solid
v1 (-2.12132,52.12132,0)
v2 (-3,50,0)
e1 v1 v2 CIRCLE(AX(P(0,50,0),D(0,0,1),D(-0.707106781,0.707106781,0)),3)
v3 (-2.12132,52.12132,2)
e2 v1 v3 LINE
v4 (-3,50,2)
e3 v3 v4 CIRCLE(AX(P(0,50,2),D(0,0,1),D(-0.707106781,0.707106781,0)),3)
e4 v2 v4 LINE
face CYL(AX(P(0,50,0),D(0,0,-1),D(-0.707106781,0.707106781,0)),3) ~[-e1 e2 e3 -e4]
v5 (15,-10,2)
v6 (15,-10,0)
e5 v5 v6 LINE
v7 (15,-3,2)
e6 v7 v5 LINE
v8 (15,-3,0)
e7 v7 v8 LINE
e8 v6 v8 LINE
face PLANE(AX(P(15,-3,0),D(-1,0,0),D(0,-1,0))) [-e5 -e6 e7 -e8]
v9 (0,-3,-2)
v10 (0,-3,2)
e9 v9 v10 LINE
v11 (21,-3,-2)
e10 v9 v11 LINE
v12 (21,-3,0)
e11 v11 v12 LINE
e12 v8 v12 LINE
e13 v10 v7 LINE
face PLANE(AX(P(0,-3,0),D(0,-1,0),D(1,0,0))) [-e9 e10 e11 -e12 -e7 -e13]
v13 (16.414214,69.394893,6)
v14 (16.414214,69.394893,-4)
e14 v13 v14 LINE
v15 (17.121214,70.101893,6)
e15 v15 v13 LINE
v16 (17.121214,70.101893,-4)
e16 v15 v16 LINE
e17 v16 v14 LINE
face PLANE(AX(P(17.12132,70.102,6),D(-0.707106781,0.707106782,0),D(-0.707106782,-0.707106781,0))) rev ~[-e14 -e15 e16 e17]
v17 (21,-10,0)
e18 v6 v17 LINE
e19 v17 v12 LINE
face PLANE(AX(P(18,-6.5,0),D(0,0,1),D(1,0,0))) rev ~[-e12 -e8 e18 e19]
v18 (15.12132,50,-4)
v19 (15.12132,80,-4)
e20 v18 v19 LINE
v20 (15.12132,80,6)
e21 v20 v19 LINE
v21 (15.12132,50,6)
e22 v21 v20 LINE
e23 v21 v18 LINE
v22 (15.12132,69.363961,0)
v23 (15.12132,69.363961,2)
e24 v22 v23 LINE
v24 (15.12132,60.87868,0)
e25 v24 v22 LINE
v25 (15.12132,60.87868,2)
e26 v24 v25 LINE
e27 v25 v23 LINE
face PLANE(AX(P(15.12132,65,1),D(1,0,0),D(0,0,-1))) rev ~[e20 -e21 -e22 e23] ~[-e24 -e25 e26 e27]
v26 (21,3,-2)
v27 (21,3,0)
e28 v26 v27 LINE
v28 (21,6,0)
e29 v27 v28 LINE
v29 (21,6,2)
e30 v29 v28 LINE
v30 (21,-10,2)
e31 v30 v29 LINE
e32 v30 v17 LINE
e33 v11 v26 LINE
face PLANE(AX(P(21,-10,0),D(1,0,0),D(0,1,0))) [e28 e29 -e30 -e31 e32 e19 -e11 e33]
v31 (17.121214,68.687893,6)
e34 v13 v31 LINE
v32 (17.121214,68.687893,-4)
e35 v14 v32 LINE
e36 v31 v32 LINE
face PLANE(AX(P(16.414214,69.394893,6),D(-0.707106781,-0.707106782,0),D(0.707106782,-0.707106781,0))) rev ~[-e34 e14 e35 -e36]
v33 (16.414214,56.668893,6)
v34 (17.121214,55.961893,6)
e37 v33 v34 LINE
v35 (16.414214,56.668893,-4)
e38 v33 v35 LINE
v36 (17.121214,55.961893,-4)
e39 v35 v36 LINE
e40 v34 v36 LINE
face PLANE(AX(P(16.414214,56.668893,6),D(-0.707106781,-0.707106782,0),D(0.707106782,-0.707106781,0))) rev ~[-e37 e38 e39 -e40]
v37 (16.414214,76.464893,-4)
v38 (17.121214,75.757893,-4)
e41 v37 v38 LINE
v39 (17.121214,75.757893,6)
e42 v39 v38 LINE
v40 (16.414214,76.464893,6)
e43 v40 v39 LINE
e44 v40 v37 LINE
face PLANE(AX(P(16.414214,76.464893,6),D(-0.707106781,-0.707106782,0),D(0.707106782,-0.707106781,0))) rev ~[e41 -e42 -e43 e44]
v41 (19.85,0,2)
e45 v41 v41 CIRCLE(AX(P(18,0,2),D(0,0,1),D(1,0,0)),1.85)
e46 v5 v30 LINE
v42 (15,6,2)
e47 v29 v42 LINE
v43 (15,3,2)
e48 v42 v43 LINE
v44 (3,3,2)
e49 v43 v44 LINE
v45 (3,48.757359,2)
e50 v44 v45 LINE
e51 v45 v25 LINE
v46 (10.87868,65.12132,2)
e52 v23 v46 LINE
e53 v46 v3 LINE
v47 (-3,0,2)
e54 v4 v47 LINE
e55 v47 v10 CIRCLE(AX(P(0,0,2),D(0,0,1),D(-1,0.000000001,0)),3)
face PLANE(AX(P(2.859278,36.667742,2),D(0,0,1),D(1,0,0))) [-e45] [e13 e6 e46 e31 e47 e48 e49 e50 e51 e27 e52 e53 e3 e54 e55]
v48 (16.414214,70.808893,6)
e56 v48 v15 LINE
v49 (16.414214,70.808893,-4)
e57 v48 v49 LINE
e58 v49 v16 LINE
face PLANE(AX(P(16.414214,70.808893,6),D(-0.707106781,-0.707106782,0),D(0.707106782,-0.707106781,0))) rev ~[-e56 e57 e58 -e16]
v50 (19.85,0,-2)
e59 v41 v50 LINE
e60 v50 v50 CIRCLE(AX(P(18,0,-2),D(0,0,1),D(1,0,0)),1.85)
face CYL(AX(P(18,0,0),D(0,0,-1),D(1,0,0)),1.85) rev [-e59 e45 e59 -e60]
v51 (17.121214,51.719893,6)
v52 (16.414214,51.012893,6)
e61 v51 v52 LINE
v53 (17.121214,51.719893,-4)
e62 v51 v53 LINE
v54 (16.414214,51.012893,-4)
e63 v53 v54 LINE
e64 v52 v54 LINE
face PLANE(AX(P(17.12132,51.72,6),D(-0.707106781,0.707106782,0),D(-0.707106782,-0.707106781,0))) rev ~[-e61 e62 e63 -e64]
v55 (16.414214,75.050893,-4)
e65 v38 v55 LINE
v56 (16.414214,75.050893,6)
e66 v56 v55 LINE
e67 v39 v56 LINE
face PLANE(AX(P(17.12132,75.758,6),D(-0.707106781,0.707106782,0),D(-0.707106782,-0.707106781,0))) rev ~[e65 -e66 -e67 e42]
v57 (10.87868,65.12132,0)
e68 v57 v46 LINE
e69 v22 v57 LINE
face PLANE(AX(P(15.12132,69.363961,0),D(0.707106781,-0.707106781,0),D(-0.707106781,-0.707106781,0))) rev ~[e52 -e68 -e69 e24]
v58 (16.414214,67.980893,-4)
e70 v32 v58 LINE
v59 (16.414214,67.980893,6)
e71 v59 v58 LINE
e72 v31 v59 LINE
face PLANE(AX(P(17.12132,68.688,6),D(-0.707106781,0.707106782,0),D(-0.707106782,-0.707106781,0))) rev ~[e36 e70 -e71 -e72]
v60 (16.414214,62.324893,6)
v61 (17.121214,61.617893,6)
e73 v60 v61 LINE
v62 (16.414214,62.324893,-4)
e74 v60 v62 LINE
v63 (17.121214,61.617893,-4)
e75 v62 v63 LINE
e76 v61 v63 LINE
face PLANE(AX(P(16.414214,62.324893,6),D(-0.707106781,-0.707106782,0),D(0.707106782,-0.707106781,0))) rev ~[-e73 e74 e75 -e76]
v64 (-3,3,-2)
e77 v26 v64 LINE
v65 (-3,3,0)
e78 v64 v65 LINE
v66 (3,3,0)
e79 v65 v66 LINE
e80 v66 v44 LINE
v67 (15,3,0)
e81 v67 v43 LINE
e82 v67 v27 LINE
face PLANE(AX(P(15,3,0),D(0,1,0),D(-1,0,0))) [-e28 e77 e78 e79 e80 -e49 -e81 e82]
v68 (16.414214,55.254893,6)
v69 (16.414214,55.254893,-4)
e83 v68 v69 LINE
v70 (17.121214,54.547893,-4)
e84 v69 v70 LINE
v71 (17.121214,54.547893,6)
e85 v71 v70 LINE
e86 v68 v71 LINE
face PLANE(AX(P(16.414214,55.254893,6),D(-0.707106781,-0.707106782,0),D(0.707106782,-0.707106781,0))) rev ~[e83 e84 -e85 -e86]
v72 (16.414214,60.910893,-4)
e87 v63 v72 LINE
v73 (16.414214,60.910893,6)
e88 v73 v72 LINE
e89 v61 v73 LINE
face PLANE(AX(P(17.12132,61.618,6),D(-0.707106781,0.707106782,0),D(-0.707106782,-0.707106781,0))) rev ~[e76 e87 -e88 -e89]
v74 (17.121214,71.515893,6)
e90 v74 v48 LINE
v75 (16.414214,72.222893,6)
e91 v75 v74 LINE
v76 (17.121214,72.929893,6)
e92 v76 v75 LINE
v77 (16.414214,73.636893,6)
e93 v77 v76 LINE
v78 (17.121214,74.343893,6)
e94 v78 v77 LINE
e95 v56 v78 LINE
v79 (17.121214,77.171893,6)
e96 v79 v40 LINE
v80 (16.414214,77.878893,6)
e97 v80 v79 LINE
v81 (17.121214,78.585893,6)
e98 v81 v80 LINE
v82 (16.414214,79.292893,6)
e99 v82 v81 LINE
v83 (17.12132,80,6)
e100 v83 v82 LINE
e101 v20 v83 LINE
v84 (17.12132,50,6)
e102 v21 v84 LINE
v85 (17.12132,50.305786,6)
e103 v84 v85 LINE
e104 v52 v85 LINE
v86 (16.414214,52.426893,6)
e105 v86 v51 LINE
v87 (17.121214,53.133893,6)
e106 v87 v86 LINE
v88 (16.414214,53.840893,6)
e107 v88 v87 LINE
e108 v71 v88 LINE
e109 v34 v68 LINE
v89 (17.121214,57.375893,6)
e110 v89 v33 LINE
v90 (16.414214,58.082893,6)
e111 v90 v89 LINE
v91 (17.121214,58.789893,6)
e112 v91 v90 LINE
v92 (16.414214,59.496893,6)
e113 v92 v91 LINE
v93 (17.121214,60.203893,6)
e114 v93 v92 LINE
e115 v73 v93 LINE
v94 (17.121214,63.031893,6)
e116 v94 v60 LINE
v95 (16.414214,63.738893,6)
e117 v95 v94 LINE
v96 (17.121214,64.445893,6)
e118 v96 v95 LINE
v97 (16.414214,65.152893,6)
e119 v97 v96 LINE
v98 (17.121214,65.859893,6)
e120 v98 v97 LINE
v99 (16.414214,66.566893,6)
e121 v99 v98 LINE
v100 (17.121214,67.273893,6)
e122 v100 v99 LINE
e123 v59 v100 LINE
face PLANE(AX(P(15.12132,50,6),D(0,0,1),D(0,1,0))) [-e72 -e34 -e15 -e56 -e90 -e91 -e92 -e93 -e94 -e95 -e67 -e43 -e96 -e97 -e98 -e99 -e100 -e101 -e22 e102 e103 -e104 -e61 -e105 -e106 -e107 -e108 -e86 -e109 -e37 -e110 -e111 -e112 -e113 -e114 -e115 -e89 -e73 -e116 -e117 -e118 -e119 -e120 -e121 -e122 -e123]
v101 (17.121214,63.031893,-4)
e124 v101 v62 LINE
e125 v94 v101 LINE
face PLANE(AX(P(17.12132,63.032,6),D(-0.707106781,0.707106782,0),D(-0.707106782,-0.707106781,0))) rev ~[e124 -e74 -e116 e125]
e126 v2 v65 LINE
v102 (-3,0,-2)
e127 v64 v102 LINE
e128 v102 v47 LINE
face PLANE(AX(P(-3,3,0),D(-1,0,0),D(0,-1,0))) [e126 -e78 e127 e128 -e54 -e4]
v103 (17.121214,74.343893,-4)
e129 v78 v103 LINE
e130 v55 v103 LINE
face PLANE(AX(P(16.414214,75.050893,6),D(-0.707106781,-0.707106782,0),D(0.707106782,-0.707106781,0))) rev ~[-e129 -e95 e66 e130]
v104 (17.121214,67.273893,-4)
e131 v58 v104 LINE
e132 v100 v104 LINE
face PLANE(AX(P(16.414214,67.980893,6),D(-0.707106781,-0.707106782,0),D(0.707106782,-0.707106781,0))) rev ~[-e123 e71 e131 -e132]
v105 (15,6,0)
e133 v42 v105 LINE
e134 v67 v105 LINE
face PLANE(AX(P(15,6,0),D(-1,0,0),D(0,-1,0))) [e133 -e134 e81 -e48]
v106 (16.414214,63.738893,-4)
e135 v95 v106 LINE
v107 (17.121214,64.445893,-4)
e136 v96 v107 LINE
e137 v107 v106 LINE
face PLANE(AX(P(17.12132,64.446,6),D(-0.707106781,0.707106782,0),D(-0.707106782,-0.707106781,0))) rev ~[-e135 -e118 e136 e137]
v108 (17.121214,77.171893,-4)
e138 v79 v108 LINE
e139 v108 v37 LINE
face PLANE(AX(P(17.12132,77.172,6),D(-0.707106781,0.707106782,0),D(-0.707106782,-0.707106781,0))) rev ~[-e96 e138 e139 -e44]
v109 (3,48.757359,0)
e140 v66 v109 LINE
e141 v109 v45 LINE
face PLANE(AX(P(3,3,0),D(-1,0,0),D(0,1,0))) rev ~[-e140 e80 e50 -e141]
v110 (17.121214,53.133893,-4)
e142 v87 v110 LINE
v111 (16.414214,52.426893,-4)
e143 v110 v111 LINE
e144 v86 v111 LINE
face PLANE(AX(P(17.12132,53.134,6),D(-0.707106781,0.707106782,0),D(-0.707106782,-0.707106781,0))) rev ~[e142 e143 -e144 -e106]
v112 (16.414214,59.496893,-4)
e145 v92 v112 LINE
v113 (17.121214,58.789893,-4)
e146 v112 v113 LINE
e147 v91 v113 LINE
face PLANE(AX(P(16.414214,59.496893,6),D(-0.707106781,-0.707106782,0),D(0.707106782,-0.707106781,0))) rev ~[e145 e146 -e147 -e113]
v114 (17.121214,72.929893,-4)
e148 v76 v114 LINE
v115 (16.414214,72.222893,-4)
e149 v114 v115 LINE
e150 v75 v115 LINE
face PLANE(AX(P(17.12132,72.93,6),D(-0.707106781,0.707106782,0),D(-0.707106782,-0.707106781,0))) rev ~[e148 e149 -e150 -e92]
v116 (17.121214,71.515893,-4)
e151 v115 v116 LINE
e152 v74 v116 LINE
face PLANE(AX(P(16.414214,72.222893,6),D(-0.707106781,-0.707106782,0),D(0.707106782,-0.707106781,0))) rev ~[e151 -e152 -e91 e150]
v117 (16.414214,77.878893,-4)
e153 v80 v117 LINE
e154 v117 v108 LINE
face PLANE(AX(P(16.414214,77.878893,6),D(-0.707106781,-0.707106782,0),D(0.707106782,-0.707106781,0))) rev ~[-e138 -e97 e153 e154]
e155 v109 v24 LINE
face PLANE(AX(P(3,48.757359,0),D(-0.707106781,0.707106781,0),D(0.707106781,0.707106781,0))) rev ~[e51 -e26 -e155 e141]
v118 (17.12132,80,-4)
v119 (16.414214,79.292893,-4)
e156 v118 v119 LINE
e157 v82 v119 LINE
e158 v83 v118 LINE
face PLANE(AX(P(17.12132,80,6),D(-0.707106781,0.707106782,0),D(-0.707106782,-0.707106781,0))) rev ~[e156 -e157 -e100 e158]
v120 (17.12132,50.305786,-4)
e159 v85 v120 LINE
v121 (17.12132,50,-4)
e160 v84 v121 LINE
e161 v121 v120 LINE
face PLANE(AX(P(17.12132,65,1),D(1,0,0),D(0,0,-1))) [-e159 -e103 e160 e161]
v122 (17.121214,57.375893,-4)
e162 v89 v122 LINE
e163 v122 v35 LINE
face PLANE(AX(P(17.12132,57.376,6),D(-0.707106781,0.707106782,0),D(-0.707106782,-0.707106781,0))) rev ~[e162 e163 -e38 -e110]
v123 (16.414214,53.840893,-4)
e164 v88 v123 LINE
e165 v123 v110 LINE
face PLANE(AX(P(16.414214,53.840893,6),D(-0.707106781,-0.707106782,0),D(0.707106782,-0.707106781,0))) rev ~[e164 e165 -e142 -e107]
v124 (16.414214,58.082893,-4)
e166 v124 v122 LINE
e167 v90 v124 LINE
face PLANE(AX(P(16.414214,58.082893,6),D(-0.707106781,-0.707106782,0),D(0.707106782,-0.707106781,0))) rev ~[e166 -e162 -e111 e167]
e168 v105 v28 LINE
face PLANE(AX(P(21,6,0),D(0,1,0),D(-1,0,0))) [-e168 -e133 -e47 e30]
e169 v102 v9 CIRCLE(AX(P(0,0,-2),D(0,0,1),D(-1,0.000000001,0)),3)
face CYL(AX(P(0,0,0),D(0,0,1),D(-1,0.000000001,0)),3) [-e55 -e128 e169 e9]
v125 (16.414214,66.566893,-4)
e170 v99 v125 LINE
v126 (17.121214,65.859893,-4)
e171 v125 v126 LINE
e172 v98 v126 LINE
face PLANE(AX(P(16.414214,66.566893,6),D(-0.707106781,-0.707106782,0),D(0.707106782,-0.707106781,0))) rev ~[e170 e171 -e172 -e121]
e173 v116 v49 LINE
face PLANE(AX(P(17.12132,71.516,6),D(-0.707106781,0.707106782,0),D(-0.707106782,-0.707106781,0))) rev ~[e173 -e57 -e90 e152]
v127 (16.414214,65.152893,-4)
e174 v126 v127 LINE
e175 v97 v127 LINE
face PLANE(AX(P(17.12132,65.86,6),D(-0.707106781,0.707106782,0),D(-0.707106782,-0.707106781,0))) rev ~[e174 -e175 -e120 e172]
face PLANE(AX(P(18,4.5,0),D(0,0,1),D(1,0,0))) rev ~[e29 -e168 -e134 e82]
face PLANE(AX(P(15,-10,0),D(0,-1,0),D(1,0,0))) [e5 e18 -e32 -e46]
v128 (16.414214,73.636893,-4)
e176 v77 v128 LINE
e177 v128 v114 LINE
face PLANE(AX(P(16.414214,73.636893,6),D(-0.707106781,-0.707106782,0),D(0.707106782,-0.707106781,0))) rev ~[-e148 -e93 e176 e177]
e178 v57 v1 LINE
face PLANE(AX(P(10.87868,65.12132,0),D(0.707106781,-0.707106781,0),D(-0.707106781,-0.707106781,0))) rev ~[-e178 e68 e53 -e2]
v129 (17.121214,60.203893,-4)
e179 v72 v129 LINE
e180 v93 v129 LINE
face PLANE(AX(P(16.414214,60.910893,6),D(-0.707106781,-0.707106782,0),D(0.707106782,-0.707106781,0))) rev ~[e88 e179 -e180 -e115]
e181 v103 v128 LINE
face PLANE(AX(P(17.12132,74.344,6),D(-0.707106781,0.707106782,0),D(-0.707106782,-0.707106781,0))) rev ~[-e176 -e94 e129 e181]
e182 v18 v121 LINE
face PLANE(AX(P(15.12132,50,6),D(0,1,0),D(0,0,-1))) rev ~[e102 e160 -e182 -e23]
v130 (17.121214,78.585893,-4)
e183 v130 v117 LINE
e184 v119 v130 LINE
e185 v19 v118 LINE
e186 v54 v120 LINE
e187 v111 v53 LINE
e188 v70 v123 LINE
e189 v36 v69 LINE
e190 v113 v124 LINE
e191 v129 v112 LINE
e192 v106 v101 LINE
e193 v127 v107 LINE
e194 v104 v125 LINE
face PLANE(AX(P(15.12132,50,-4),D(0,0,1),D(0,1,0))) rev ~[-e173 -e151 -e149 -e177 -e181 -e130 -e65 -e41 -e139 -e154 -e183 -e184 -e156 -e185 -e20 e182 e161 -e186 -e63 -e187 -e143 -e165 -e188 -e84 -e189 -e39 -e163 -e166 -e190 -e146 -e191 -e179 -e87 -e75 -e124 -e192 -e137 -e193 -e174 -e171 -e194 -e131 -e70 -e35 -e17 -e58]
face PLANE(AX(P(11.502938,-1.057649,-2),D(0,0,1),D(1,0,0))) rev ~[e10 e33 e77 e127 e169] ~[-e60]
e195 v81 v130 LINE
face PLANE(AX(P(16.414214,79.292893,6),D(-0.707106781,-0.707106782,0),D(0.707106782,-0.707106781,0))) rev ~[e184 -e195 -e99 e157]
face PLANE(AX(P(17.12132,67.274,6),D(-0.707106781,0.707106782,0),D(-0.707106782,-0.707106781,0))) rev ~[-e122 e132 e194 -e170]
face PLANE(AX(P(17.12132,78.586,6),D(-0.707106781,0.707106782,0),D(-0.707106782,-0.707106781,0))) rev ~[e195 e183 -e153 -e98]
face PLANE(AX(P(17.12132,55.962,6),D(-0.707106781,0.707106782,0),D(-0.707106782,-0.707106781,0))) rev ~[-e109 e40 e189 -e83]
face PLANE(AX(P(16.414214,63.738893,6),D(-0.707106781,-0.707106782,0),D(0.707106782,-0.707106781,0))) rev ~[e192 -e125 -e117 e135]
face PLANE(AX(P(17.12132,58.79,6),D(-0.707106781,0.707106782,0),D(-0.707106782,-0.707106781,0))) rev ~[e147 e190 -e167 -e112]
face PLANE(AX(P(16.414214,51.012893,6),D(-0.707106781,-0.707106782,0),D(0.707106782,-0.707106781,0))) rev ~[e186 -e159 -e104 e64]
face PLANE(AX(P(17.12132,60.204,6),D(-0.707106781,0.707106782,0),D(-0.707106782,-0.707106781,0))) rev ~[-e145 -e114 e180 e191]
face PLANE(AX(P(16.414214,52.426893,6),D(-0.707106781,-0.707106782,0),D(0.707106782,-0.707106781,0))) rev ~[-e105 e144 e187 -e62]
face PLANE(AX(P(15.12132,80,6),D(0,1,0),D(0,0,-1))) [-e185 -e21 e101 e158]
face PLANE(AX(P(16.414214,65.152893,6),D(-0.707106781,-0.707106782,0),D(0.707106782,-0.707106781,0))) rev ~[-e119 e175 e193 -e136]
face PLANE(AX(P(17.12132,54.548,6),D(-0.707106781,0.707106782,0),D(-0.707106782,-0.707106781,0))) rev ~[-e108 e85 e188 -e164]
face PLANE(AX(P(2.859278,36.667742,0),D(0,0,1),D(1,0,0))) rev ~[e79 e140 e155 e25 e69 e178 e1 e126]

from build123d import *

# Parameters (mm, degrees)
SKETCH_1_R             = 1.85
EXTRUDE_1_DEPTH        = 2
CUT_EXTRUDE_START      = -4
SKETCH_4_W             = 6
SKETCH_4_H             = 3
SKETCH_4_H_2           = 7
CUT_EXTRUDE_2_DEPTH    = 2
EXTRUDE_2_DEPTH        = 2
SKETCH_5_W             = 10
SKETCH_5_H             = 30
EXTRUDE_3_DEPTH        = 2
CUT_EXTRUDE_3_DEPTH    = 10
PATTERN_LINEAR_1_COUNT = 21
PATTERN_LINEAR_1_PITCH = 1.414


with BuildPart() as part:
    # 草图1 → 凸台-拉伸1 (new, symmetric)
    with BuildSketch(Plane.XY):
        with BuildLine():
            Line((20, 6), (16, 6))
            Line((16, 6), (15, 6))
            Line((15, 6), (15, 3))
            Line((15, 3), (3, 3))
            Line((3, 3), (-3, 3))
            Line((-3, 3), (-3, 0))
            ThreePointArc((-3, 0), (-2.121320344, -2.121320344), (0, -3))
            Line((0, -3), (15, -3))
            Line((15, -3), (15, -10))
            Line((15, -10), (16, -10))
            Line((16, -10), (20, -10))
            Line((20, -10), (20.5, -10))
            Line((20.5, -10), (21, -10))
            Line((21, -10), (21, -3))
            Line((21, -3), (21, 3))
            Line((21, 3), (21, 6))
            Line((21, 6), (20, 6))
        make_face()
        with Locations((18, 0)):
            Circle(SKETCH_1_R, mode=Mode.SUBTRACT)
    extrude(amount=EXTRUDE_1_DEPTH, both=True)

    # 草图4 → 切除-拉伸2 (cut)
    with BuildSketch(Plane.XY.offset(2).offset(CUT_EXTRUDE_START)):
        with Locations((18, 4.5)):
            Rectangle(SKETCH_4_W, SKETCH_4_H)
        with Locations((18, -6.5)):
            Rectangle(SKETCH_4_W, SKETCH_4_H_2)
    extrude(amount=CUT_EXTRUDE_2_DEPTH, mode=Mode.SUBTRACT)

    # 草图1<3> → 凸台-拉伸2 (add)
    with BuildSketch(Plane.XY):
        with BuildLine():
            Line((-3, 3), (3, 3))
            Line((3, 3), (3, 48.757359313))
            Line((3, 48.757359313), (15.121320344, 60.878679656))
            Line((15.121320344, 60.878679656), (15.121320344, 69.363961031))
            Line((15.121320344, 69.363961031), (10.878679656, 65.121320344))
            Line((10.878679656, 65.121320344), (-2.121320344, 52.121320344))
            ThreePointArc((-2.121320344, 52.121320344), (-2.771638598, 51.148050297), (-3, 50))
            Line((-3, 50), (-3, 3))
        make_face()
    extrude(amount=EXTRUDE_2_DEPTH)

    # 草图5 → 凸台-拉伸3 (add)
    with BuildSketch(Plane(origin=(15.121320344, 0, 0), x_dir=(0, 0, -1), z_dir=(1, 0, 0))):
        with Locations((-1, 65)):
            Rectangle(SKETCH_5_W, SKETCH_5_H)
    extrude(amount=EXTRUDE_3_DEPTH)

    # 草图6 → 切除-拉伸3 (cut)
    with BuildSketch(Plane.XY.offset(6)):
        Polygon((17.121320344, 80), (16.414213562, 79.292893219), (17.121320344, 78.585786438), align=None)
    cut_extrude_3 = extrude(amount=-CUT_EXTRUDE_3_DEPTH, mode=Mode.SUBTRACT)

    # 阵列(线性)1: 切除-拉伸3 ×21
    with Locations(*[(0, -i * PATTERN_LINEAR_1_PITCH, 0) for i in range(1, PATTERN_LINEAR_1_COUNT)]):
        add(cut_extrude_3, mode=Mode.SUBTRACT)


solid = part.part
